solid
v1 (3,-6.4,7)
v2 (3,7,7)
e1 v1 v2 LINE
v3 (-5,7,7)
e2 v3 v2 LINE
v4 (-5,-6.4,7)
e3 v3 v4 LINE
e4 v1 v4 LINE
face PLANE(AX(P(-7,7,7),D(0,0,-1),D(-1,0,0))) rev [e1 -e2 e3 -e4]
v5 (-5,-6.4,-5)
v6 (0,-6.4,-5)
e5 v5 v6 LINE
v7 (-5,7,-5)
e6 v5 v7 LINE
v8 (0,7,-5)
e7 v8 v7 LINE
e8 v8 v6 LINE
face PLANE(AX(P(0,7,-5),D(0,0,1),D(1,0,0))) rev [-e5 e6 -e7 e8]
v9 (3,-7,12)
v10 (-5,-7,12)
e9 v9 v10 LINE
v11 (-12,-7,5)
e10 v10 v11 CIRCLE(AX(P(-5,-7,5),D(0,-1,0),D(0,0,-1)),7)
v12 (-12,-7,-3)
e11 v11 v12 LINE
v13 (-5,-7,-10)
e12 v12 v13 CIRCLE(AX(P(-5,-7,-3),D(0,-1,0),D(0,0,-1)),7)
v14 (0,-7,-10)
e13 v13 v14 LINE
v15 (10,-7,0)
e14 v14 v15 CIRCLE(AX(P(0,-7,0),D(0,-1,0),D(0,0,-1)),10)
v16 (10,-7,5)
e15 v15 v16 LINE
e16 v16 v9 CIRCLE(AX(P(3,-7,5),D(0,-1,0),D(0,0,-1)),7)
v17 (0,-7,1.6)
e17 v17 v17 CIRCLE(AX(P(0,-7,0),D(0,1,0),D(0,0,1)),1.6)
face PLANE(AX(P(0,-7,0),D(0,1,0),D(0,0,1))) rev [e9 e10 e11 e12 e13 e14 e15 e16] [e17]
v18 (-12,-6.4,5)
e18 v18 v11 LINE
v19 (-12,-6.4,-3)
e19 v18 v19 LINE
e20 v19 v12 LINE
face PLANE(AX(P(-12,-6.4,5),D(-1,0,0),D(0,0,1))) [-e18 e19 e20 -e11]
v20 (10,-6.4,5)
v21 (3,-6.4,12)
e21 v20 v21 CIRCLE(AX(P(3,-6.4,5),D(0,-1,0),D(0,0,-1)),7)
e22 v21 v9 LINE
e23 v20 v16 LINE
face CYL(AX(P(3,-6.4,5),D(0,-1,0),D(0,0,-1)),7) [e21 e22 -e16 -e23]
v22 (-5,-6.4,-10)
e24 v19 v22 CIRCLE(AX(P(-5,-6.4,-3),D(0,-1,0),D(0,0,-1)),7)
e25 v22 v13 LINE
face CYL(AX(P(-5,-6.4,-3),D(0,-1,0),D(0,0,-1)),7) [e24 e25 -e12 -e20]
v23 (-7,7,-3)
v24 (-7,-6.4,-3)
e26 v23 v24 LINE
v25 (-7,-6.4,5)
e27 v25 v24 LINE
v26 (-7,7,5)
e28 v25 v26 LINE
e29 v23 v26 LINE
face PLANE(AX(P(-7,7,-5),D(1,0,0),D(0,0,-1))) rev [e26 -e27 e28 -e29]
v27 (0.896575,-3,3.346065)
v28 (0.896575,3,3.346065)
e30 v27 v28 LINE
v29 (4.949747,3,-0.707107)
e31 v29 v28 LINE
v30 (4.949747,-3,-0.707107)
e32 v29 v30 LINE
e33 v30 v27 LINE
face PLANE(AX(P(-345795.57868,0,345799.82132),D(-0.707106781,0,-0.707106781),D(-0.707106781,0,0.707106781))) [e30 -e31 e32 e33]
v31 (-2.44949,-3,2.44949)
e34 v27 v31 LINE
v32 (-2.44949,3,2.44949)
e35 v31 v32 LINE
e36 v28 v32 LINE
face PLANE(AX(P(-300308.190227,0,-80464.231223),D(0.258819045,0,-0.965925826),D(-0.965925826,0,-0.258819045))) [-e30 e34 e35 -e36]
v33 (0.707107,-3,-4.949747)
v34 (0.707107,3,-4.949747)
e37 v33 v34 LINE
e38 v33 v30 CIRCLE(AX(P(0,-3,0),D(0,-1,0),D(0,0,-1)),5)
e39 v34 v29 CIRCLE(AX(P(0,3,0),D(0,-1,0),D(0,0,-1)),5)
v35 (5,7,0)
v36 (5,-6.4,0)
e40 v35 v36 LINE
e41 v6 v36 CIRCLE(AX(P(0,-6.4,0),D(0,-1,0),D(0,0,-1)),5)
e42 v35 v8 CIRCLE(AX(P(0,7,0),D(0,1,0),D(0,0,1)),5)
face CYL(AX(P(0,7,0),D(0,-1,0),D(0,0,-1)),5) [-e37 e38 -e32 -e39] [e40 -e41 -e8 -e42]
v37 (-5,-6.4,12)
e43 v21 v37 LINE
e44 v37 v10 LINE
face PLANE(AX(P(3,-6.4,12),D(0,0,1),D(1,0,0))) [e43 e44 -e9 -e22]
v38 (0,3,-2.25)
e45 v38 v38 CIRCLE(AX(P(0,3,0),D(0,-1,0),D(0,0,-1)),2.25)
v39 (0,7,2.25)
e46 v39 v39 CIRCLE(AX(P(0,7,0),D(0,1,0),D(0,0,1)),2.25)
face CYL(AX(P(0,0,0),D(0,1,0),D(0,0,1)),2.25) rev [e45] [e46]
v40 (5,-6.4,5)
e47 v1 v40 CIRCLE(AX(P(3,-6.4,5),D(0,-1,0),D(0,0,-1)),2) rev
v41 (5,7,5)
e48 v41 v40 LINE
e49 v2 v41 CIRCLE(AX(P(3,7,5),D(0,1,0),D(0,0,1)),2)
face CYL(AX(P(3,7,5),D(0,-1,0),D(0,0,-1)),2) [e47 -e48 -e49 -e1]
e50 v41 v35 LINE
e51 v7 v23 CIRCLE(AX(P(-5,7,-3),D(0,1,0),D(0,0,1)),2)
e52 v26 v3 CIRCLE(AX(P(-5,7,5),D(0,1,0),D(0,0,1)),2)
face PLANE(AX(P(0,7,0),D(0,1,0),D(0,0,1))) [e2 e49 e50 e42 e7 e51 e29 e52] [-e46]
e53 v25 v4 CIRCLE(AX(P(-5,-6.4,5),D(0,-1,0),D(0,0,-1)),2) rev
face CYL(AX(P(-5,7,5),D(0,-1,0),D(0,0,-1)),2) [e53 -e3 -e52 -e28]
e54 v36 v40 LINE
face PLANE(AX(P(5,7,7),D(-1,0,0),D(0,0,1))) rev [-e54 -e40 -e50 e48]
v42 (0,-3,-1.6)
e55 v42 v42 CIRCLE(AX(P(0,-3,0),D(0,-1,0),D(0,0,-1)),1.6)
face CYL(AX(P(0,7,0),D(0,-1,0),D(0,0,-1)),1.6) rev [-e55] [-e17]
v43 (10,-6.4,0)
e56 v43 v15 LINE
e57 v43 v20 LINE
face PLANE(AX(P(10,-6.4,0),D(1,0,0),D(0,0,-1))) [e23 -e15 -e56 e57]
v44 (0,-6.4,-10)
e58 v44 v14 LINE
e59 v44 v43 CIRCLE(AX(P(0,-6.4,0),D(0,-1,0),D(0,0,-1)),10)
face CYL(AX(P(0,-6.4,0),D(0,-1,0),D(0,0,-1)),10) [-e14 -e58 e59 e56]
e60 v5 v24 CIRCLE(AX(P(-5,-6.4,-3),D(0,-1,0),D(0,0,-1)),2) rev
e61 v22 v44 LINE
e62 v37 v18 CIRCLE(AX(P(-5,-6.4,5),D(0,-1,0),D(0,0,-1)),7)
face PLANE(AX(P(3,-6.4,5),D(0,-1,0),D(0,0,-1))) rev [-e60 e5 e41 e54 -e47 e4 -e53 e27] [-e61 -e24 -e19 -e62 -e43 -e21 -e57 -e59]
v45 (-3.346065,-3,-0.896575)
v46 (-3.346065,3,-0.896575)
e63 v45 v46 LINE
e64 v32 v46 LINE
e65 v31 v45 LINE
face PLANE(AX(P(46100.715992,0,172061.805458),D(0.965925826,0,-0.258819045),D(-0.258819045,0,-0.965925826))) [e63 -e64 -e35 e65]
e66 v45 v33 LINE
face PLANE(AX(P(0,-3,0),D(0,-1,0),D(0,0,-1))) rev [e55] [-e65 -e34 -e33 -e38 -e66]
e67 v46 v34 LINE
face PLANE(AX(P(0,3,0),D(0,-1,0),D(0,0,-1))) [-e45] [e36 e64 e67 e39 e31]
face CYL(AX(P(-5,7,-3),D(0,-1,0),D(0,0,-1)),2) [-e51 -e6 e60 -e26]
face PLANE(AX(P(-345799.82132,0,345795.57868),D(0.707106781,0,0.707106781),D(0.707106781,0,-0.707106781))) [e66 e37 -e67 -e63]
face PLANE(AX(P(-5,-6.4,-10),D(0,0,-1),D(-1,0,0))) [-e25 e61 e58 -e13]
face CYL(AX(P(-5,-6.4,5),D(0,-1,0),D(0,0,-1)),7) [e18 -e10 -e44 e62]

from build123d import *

# Parameters (mm, degrees)
SKETCH1_R           = 1.6
BOSS_EXTRUDE1_DEPTH = 7
FILLET1_R           = 2
CUT_EXTRUDE1_START  = 3
CUT_EXTRUDE1_DEPTH  = 3
CUT_EXTRUDE2_START  = -3
CUT_EXTRUDE2_DEPTH  = 3
SKETCH3_R           = 2.25
CUT_EXTRUDE3_DEPTH  = 7
SKETCH4_R           = 1.6
BOSS_EXTRUDE3_DEPTH = 0.6


with BuildPart() as part:
    # Sketch1 → Boss-Extrude1 (new, symmetric)
    with BuildSketch(Plane(origin=(0, 0, 0), x_dir=(1, 0, 0), z_dir=(0, 1, 0))):
        with BuildLine():
            Line((0, 5), (-7, 5))
            Line((-7, 5), (-7, -7))
            Line((-7, -7), (5, -7))
            Line((5, -7), (5, 0))
            ThreePointArc((5, 0), (3.535533906, 3.535533906), (0, 5))
        make_face()
        with Locations(Location((0, 0, 0), (0, 0, 270))):
            Circle(SKETCH1_R, mode=Mode.SUBTRACT)
    extrude(amount=BOSS_EXTRUDE1_DEPTH, both=True)

    # Fillet1
    fillet1_edges = [part.edges().sort_by_distance(p)[0] for p in [
        (5, 0, 7),
        (-7, 0, 7),
        (-7, 0, -5),
    ]]
    fillet(fillet1_edges, radius=FILLET1_R)

    # Sketch2 → Cut-Extrude1 (cut)
    with BuildSketch(Plane(origin=(0, 0, 0), x_dir=(1, 0, 0), z_dir=(0, 1, 0)).offset(CUT_EXTRUDE1_START)):
        Polygon((-0.896575472, 3.346065215), (0.757359313, 5), (5, 5), (5, 0.757359313), (3.346065215, -0.896575472), (0.896575472, -3.346065215), (-2.449489743, -2.449489743), (-3.346065215, 0.896575472), align=None)
    extrude(amount=-CUT_EXTRUDE1_DEPTH, mode=Mode.SUBTRACT)

    # Sketch2<2> → Cut-Extrude2 (cut)
    with BuildSketch(Plane(origin=(0, 0, 0), x_dir=(1, 0, 0), z_dir=(0, 1, 0)).offset(CUT_EXTRUDE2_START)):
        Polygon((-0.896575472, 3.346065215), (0.757359313, 5), (5, 5), (5, 0.757359313), (3.346065215, -0.896575472), (0.896575472, -3.346065215), (-2.449489743, -2.449489743), (-3.346065215, 0.896575472), align=None)
    extrude(amount=CUT_EXTRUDE2_DEPTH, mode=Mode.SUBTRACT)

    # Sketch3 → Cut-Extrude3 (cut)
    with BuildSketch(Plane(origin=(0, 7, 0), x_dir=(1, 0, 0), z_dir=(0, 1, 0))):
        with Locations(Location((0, 0, 0), (0, 0, 270))):
            Circle(SKETCH3_R)
    extrude(amount=-CUT_EXTRUDE3_DEPTH, mode=Mode.SUBTRACT)

    # Sketch4 → Boss-Extrude3 (add)
    with BuildSketch(Plane.XZ.offset(7)):
        with BuildLine():
            Line((10, 0), (10, 5))
            ThreePointArc((10, 5), (7.949747468, 9.949747468), (3, 12))
            Line((3, 12), (-5, 12))
            ThreePointArc((-5, 12), (-9.949747468, 9.949747468), (-12, 5))
            Line((-12, 5), (-12, -3))
            ThreePointArc((-12, -3), (-9.949747468, -7.949747468), (-5, -10))
            Line((-5, -10), (0, -10))
            ThreePointArc((0, -10), (7.071067812, -7.071067812), (10, 0))
        make_face()
        with Locations(Location((0, 0, 0), (0, 0, 270))):
            Circle(SKETCH4_R, mode=Mode.SUBTRACT)
    extrude(amount=-BOSS_EXTRUDE3_DEPTH)


solid = part.part
